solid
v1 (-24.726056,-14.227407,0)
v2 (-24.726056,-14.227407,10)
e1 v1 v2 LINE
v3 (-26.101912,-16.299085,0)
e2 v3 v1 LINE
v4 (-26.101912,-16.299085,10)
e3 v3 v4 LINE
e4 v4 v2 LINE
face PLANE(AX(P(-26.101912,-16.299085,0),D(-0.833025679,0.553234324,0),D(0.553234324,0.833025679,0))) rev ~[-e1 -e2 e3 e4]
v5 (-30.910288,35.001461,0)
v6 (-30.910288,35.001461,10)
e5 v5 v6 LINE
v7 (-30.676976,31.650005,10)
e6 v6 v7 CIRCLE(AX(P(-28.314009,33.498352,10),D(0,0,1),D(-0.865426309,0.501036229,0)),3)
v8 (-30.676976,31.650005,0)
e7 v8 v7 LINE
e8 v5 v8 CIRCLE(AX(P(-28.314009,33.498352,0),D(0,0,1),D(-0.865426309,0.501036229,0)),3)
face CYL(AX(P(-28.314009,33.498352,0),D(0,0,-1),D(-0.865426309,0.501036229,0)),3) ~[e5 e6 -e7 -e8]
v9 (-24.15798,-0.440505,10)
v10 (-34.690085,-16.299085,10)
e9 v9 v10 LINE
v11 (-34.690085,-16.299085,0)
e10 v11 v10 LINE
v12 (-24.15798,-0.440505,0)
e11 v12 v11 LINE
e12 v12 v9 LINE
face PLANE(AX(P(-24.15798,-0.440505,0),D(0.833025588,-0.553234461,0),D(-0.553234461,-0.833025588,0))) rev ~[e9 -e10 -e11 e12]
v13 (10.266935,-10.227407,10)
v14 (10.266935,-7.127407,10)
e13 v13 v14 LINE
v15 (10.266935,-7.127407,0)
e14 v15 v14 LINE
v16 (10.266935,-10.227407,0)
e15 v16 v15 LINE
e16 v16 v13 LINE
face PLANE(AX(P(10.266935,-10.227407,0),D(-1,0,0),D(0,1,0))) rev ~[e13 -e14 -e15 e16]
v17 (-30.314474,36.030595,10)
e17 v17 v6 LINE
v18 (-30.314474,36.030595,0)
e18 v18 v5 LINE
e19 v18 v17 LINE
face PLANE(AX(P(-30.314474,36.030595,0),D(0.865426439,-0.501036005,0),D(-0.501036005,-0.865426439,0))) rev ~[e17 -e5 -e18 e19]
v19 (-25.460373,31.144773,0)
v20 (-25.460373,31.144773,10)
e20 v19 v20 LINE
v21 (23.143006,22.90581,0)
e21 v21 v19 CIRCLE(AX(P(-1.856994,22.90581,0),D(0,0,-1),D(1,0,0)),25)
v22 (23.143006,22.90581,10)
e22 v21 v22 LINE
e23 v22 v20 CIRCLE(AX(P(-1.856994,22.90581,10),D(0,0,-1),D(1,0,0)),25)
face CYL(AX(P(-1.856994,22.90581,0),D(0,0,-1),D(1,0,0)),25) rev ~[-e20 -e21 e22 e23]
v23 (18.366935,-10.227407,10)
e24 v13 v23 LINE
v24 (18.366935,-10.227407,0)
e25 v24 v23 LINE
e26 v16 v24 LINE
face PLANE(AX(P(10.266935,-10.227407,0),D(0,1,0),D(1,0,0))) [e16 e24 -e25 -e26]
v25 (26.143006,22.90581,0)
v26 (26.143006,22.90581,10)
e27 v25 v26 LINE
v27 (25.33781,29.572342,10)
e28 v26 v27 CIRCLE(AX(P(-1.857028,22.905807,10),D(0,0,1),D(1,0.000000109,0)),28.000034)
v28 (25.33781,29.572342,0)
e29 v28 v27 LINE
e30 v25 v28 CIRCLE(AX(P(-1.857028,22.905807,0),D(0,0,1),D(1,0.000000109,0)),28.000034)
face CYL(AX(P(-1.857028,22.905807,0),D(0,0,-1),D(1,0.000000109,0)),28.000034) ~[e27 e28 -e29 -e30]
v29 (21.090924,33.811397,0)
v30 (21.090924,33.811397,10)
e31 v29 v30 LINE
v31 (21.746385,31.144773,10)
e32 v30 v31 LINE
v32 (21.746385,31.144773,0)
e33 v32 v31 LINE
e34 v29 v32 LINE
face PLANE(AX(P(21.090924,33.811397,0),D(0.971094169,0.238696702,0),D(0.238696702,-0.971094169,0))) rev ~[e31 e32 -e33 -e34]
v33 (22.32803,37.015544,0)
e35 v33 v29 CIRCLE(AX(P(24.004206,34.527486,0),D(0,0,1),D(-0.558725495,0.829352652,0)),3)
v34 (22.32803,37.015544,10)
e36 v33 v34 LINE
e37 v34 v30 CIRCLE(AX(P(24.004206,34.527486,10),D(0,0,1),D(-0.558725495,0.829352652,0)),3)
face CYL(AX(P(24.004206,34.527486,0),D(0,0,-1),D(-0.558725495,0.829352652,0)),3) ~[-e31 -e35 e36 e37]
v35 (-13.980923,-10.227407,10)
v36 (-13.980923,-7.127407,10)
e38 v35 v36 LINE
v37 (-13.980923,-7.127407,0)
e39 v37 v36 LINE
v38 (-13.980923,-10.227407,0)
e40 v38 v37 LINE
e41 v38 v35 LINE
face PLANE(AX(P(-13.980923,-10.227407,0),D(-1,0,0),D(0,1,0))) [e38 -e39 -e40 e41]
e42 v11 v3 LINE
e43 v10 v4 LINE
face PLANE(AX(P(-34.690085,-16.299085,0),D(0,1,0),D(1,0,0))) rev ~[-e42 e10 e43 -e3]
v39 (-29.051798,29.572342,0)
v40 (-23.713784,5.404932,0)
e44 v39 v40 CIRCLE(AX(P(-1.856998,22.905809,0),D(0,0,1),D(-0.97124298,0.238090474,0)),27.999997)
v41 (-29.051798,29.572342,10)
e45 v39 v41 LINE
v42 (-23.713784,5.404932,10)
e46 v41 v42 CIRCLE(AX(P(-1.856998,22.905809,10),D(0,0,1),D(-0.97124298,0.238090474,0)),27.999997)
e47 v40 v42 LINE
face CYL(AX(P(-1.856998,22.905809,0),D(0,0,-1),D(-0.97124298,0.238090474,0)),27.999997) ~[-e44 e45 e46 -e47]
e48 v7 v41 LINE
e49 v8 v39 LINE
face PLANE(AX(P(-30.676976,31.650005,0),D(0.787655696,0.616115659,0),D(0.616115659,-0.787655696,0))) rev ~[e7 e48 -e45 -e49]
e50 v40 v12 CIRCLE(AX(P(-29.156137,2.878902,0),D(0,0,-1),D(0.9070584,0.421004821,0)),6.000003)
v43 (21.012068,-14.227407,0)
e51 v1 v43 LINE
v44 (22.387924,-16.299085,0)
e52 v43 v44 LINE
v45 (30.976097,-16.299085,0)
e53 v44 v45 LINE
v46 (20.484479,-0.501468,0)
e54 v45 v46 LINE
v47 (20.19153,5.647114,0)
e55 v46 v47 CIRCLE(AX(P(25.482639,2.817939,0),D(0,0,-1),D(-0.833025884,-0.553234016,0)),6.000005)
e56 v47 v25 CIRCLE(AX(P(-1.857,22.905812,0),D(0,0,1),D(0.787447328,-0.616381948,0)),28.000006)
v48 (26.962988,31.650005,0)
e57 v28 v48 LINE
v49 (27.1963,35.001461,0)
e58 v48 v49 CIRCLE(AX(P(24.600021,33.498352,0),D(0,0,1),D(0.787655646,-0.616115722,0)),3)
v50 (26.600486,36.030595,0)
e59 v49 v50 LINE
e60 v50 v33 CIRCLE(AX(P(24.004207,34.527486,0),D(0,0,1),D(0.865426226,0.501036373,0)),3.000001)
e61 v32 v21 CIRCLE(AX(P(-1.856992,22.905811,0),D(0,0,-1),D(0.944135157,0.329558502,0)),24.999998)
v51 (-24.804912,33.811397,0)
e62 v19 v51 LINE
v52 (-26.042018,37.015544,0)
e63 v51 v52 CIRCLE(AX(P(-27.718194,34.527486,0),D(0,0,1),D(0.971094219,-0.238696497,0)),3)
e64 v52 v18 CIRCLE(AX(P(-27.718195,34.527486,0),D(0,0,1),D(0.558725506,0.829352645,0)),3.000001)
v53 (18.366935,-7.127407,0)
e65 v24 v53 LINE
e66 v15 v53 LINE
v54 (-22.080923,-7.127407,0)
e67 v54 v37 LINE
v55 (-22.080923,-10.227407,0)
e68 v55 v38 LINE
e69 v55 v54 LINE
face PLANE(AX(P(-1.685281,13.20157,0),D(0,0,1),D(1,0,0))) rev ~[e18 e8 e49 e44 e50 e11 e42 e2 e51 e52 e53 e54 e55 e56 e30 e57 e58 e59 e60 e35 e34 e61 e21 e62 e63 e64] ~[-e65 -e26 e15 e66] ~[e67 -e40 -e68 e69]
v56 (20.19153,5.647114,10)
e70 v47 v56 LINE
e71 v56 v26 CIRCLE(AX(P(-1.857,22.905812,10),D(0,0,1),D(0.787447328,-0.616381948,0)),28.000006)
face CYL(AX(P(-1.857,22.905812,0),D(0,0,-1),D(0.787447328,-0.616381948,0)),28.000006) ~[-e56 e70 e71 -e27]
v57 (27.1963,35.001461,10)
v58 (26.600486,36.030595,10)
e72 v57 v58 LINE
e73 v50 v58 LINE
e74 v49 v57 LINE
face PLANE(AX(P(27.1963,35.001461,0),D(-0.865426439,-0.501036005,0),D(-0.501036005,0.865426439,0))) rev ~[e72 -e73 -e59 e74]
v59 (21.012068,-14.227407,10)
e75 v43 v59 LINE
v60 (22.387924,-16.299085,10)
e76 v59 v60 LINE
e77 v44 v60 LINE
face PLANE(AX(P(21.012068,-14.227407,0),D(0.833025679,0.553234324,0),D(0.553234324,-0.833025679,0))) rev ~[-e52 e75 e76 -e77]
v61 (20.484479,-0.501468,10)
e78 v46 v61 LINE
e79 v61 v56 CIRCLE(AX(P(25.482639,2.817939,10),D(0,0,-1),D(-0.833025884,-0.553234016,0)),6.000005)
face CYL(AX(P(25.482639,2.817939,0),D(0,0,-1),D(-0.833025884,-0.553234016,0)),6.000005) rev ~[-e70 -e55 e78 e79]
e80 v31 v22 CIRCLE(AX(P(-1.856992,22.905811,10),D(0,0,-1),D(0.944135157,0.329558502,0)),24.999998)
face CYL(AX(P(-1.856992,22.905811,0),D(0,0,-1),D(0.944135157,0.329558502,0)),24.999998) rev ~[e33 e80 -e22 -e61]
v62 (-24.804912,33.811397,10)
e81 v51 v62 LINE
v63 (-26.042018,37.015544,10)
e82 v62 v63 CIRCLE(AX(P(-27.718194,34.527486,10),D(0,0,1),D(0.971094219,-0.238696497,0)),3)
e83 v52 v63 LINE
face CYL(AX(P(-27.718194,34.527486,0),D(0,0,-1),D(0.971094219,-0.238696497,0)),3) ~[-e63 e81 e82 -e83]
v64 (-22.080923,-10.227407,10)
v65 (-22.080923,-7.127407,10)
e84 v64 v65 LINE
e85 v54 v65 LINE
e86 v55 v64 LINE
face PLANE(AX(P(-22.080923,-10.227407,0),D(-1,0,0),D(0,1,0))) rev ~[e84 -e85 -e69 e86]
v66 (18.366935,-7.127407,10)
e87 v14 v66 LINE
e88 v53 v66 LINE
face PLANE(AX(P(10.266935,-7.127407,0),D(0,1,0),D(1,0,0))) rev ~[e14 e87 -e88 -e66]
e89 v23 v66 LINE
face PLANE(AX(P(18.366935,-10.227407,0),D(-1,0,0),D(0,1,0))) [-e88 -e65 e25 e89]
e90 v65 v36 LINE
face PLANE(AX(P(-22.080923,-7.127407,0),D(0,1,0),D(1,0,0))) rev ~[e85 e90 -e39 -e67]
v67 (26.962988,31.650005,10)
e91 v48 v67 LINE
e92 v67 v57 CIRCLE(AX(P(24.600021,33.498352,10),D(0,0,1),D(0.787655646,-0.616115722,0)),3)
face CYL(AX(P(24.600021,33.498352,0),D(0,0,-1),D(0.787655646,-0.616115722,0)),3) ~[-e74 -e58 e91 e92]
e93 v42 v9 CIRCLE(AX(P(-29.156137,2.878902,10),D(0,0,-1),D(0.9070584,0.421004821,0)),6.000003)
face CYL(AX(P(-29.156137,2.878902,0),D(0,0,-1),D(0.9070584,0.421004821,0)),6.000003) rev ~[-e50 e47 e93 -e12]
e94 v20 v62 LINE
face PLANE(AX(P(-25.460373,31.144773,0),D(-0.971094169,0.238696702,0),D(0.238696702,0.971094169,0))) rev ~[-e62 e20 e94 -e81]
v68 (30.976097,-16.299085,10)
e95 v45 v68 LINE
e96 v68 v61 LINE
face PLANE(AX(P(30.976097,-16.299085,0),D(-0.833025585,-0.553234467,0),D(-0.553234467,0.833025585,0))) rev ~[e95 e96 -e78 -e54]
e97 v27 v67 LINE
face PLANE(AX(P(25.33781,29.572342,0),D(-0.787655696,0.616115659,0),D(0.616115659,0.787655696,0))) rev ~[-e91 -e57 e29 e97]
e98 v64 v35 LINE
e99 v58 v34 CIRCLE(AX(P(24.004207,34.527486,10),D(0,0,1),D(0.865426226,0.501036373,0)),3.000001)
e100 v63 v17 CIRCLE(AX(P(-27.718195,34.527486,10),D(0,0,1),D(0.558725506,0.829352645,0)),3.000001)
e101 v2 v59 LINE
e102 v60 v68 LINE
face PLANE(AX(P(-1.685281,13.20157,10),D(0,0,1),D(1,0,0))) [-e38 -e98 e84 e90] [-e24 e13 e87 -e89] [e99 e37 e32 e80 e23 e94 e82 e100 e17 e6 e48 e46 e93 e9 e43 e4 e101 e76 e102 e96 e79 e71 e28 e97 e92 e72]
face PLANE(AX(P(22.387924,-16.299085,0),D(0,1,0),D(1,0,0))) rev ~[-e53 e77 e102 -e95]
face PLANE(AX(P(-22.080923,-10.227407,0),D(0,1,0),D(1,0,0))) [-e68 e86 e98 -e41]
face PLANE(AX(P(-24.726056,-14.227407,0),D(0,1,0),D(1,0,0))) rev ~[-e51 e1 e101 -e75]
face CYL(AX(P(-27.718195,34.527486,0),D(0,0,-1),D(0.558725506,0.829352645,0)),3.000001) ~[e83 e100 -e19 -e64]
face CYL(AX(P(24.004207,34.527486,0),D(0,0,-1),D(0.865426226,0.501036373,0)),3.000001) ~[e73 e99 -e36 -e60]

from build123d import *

# Parameters (mm, degrees)
F0_W     = 8.1
F0_H     = 3.1
F1_DEPTH = 10


with BuildPart() as f1:
    # F0 (on Top) → F1 (new body)
    with BuildSketch(Plane.XY):
        with BuildLine():
            ThreePointArc((-29.051798, 29.572342), (-29.198001, 16.866823), (-23.713784, 5.404932))
            ThreePointArc((-23.713784, 5.404932), (-1.702548, -5.093764), (20.19153, 5.647114))
            ThreePointArc((20.19153, 5.647114), (24.613354, 13.777795), (26.143006, 22.90581))
            ThreePointArc((26.143006, 22.90581), (25.940978, 26.263301), (25.33781, 29.572342))
            ThreePointArc((25.33781, 29.572342), (24.101087, 33.402381), (22.32803, 37.015544))
            ThreePointArc((22.32803, 37.015544), (21.20556, 35.608031), (21.090924, 33.811397))
            Line((21.090924, 33.811397), (21.746385, 31.144773))
            ThreePointArc((21.746385, 31.144773), (22.791378, 27.084059), (23.143006, 22.90581))
            ThreePointArc((23.143006, 22.90581), (-6.035243, -1.742562), (-25.460373, 31.144773))
            Line((-25.460373, 31.144773), (-24.804912, 33.811397))
            ThreePointArc((-24.804912, 33.811397), (-24.919548, 35.608031), (-26.042018, 37.015544))
            ThreePointArc((-26.042018, 37.015544), (-27.815075, 33.402381), (-29.051798, 29.572342))
        make_face()
        with BuildLine():
            Line((-30.676976, 31.650005), (-29.051798, 29.572342))
            ThreePointArc((-29.051798, 29.572342), (-27.815075, 33.402381), (-26.042018, 37.015544))
            ThreePointArc((-26.042018, 37.015544), (-28.392122, 37.45081), (-30.314474, 36.030595))
            Line((-30.314474, 36.030595), (-30.910288, 35.001461))
            ThreePointArc((-30.910288, 35.001461), (-31.306766, 33.290011), (-30.676976, 31.650005))
        make_face()
        with BuildLine():
            ThreePointArc((26.600486, 36.030595), (24.678134, 37.45081), (22.32803, 37.015544))
            ThreePointArc((22.32803, 37.015544), (24.101087, 33.402381), (25.33781, 29.572342))
            Line((25.33781, 29.572342), (26.962988, 31.650005))
            ThreePointArc((26.962988, 31.650005), (27.592778, 33.290011), (27.1963, 35.001461))
            Line((27.1963, 35.001461), (26.600486, 36.030595))
        make_face()
        with BuildLine():
            ThreePointArc((-23.713784, 5.404932), (-23.173383, 2.424271), (-24.15798, -0.440505))
            Line((-24.15798, -0.440505), (-34.690085, -16.299085))
            Line((-34.690085, -16.299085), (-26.101912, -16.299085))
            Line((-26.101912, -16.299085), (-24.726056, -14.227407))
            Line((-24.726056, -14.227407), (-1.856994, -14.227407))
            Line((-1.856994, -14.227407), (21.012068, -14.227407))
            Line((21.012068, -14.227407), (22.387924, -16.299085))
            Line((22.387924, -16.299085), (30.976097, -16.299085))
            Line((30.976097, -16.299085), (20.484479, -0.501468))
            ThreePointArc((20.484479, -0.501468), (19.489432, 2.532393), (20.19153, 5.647114))
            ThreePointArc((20.19153, 5.647114), (-1.702548, -5.093764), (-23.713784, 5.404932))
        make_face()
        with Locations((-18.030923, -8.677407)):
            Rectangle(F0_W, F0_H, mode=Mode.SUBTRACT)
        with Locations((14.316935, -8.677407)):
            Rectangle(F0_W, F0_H, mode=Mode.SUBTRACT)
    extrude(amount=F1_DEPTH)


solid = f1.part
